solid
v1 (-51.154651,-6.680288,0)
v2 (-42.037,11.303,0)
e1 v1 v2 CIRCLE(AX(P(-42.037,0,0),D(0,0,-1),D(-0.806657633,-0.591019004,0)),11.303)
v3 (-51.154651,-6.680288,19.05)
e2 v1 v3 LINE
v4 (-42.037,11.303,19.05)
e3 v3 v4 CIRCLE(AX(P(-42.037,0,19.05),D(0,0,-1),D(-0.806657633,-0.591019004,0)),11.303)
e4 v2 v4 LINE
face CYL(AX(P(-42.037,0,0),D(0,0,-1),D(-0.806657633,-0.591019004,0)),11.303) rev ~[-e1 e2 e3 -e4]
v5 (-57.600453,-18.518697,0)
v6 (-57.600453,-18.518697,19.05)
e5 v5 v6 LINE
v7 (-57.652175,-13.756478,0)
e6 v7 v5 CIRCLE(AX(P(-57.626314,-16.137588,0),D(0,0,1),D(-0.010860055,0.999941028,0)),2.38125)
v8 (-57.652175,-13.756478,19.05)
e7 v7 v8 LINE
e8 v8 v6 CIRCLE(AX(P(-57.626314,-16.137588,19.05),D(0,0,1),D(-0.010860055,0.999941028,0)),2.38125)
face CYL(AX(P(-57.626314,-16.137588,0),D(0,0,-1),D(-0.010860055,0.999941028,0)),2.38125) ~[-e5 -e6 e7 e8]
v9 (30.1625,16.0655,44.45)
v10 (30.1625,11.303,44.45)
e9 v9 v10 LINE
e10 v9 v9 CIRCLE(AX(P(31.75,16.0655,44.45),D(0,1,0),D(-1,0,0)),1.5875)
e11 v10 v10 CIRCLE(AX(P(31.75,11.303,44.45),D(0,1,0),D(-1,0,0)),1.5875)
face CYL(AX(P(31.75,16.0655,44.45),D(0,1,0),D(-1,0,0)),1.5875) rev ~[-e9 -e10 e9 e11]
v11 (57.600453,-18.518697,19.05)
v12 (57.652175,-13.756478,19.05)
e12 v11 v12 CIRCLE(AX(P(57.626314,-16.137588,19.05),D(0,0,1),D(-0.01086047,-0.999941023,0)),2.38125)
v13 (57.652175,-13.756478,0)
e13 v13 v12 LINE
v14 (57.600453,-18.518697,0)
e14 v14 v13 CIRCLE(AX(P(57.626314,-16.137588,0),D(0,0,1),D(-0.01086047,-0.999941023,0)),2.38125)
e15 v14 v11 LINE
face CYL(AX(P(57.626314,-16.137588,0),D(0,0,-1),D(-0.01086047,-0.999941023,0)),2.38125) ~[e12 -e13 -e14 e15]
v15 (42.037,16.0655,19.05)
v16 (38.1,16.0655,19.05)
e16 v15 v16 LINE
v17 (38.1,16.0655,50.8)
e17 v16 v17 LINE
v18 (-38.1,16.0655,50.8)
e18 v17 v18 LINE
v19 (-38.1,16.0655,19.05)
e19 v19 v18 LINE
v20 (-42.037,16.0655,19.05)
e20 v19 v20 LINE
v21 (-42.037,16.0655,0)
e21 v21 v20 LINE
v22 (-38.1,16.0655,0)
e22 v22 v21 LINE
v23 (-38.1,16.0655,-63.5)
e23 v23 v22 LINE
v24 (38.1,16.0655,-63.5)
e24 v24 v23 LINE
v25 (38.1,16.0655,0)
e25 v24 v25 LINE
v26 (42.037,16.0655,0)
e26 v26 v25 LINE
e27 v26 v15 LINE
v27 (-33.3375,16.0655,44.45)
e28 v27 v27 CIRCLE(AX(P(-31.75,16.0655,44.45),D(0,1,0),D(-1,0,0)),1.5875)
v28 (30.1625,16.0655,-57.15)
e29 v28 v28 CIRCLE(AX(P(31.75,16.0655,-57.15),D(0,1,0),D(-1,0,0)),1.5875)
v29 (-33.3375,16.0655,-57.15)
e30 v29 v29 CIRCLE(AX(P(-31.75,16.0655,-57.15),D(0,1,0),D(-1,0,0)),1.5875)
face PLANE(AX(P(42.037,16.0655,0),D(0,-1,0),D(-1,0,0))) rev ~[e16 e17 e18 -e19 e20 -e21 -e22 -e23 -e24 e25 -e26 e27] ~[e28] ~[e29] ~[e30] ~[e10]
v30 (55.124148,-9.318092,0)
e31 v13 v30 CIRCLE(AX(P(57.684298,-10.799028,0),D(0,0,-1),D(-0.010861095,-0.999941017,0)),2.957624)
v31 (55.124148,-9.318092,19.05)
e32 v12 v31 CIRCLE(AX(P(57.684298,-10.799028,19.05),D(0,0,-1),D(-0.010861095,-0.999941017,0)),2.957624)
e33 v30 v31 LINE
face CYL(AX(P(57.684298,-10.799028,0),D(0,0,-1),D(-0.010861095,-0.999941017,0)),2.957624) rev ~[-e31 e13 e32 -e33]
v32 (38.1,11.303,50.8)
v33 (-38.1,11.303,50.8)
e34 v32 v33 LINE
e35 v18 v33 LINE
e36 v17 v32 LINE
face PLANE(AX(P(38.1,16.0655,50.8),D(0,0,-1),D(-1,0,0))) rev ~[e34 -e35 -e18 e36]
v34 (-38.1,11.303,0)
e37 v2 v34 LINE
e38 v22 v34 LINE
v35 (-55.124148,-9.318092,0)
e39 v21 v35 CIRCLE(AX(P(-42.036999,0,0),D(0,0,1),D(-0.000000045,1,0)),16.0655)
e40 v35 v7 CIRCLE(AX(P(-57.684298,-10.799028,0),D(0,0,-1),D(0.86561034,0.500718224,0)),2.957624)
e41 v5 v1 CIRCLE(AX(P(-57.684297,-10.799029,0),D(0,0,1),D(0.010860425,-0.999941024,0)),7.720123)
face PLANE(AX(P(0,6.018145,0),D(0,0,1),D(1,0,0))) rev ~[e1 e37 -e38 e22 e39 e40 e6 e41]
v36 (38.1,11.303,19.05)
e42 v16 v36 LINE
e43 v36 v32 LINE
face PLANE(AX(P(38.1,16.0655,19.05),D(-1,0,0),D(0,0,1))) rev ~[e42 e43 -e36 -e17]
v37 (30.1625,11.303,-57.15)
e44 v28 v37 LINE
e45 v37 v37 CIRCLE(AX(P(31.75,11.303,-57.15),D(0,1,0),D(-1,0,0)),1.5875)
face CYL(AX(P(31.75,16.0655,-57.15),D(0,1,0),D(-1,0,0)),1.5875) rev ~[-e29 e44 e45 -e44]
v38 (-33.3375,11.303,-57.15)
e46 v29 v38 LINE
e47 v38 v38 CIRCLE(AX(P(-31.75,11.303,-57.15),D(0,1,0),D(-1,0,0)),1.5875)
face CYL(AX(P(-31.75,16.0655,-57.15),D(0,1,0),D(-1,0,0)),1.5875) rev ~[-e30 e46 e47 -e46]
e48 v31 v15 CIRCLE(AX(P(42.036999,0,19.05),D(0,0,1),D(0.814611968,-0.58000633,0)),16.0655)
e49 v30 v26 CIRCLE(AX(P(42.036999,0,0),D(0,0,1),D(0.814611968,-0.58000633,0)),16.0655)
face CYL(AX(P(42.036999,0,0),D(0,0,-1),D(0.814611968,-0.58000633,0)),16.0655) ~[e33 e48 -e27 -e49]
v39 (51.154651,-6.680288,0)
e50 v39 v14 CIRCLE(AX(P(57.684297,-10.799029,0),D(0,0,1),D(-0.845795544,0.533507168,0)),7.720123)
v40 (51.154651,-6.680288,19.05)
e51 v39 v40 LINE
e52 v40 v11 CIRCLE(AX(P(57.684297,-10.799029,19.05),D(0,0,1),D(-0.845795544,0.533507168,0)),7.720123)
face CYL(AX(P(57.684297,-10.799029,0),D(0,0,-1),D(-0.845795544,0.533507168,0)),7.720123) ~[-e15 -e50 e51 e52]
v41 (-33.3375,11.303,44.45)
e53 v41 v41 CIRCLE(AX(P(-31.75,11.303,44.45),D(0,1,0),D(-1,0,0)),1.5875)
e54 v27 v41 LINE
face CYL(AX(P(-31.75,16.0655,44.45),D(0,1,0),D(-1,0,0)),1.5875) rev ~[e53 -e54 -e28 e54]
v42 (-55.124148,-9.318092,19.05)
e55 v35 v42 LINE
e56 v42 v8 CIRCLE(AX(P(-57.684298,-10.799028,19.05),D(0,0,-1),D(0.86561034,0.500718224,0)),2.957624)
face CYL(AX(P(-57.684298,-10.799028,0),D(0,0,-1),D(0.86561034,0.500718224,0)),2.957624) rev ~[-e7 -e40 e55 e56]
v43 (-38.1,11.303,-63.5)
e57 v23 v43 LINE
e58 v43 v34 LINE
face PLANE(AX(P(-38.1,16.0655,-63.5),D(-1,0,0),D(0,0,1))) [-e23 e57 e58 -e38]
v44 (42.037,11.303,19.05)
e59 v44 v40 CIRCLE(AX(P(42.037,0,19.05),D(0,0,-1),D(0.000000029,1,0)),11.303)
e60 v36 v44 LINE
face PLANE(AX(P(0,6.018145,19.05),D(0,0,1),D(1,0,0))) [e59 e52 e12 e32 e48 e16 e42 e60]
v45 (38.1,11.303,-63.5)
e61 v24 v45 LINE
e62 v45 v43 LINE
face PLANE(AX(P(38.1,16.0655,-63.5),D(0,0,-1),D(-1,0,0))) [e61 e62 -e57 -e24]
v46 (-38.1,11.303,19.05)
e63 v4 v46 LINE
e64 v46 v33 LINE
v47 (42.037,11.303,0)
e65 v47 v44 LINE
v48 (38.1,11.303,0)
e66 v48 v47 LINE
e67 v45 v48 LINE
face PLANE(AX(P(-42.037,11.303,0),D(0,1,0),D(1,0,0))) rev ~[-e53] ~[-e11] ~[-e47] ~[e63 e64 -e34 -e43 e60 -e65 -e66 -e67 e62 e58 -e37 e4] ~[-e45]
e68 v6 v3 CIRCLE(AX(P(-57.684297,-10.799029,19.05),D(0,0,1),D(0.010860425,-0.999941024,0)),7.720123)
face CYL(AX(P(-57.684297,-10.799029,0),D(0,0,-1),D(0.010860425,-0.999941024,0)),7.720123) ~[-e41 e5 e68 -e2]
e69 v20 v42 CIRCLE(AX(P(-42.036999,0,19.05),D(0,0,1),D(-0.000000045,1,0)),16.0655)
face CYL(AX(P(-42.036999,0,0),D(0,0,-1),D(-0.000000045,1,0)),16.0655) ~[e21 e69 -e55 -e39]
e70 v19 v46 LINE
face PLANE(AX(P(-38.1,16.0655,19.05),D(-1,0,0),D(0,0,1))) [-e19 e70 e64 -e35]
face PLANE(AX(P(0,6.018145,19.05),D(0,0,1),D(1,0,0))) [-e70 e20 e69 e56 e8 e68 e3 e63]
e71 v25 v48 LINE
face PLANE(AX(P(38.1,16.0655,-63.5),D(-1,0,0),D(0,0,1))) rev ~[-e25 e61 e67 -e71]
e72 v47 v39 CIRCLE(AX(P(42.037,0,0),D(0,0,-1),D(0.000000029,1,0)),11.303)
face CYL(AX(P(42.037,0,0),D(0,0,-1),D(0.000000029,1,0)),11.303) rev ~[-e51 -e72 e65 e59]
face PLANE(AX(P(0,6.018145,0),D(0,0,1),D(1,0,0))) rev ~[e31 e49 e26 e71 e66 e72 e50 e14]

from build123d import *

# Parameters (mm, degrees)
F1_DEPTH = 19.05
F2_W     = 76.2
F2_H     = 31.75
F2_H_2   = 63.5
F3_DEPTH = 4.7625
F4_R     = 1.5875
F5_DEPTH = 4.7625


with BuildPart() as f1:
    # F0 (on Top) → F1 (new body)
    with BuildSketch(Plane.XY):
        with BuildLine():
            ThreePointArc((42.037, 11.303), (52.118297, 5.111287), (51.154651, -6.680288))
            ThreePointArc((51.154651, -6.680288), (50.904065, -14.490744), (57.600453, -18.518697))
            ThreePointArc((57.600453, -18.518697), (60.007424, -16.163448), (57.652175, -13.756478))
            ThreePointArc((57.652175, -13.756478), (55.11432, -12.262843), (55.124148, -9.318092))
            ThreePointArc((55.124148, -9.318092), (56.316357, 7.362081), (42.037, 16.0655))
            Line((42.037, 16.0655), (0, 16.0655))
            Line((0, 16.0655), (-42.037, 16.0655))
            ThreePointArc((-42.037, 16.0655), (-56.316357, 7.362081), (-55.124148, -9.318092))
            ThreePointArc((-55.124148, -9.318092), (-55.11432, -12.262843), (-57.652175, -13.756478))
            ThreePointArc((-57.652175, -13.756478), (-60.007424, -16.163448), (-57.600453, -18.518697))
            ThreePointArc((-57.600453, -18.518697), (-50.904065, -14.490744), (-51.154651, -6.680288))
            ThreePointArc((-51.154651, -6.680288), (-52.118297, 5.111287), (-42.037, 11.303))
            Line((-42.037, 11.303), (0, 11.303))
            Line((0, 11.303), (42.037, 11.303))
        make_face()
    extrude(amount=F1_DEPTH)

    # F2 (on face) → F3 (join)
    with BuildSketch(Plane(origin=(0, 16.0655, 0), x_dir=(-1, 0, 0), z_dir=(0, 1, 0))):
        with Locations((0, 34.925)):
            Rectangle(F2_W, F2_H)
        with Locations((0, -31.75)):
            Rectangle(F2_W, F2_H_2)
    extrude(amount=-F3_DEPTH)

    # F4 (on face) → F5 (cut)
    with BuildSketch(Plane(origin=(0, 16.0655, 0), x_dir=(-1, 0, 0), z_dir=(0, 1, 0))):
        with Locations((-31.75, 44.45)):
            Circle(F4_R)
        with Locations((31.75, 44.45)):
            Circle(F4_R)
        with Locations((31.75, -57.15)):
            Circle(F4_R)
        with Locations((-31.75, -57.15)):
            Circle(F4_R)
    extrude(amount=-F5_DEPTH, mode=Mode.SUBTRACT)


solid = f1.part
